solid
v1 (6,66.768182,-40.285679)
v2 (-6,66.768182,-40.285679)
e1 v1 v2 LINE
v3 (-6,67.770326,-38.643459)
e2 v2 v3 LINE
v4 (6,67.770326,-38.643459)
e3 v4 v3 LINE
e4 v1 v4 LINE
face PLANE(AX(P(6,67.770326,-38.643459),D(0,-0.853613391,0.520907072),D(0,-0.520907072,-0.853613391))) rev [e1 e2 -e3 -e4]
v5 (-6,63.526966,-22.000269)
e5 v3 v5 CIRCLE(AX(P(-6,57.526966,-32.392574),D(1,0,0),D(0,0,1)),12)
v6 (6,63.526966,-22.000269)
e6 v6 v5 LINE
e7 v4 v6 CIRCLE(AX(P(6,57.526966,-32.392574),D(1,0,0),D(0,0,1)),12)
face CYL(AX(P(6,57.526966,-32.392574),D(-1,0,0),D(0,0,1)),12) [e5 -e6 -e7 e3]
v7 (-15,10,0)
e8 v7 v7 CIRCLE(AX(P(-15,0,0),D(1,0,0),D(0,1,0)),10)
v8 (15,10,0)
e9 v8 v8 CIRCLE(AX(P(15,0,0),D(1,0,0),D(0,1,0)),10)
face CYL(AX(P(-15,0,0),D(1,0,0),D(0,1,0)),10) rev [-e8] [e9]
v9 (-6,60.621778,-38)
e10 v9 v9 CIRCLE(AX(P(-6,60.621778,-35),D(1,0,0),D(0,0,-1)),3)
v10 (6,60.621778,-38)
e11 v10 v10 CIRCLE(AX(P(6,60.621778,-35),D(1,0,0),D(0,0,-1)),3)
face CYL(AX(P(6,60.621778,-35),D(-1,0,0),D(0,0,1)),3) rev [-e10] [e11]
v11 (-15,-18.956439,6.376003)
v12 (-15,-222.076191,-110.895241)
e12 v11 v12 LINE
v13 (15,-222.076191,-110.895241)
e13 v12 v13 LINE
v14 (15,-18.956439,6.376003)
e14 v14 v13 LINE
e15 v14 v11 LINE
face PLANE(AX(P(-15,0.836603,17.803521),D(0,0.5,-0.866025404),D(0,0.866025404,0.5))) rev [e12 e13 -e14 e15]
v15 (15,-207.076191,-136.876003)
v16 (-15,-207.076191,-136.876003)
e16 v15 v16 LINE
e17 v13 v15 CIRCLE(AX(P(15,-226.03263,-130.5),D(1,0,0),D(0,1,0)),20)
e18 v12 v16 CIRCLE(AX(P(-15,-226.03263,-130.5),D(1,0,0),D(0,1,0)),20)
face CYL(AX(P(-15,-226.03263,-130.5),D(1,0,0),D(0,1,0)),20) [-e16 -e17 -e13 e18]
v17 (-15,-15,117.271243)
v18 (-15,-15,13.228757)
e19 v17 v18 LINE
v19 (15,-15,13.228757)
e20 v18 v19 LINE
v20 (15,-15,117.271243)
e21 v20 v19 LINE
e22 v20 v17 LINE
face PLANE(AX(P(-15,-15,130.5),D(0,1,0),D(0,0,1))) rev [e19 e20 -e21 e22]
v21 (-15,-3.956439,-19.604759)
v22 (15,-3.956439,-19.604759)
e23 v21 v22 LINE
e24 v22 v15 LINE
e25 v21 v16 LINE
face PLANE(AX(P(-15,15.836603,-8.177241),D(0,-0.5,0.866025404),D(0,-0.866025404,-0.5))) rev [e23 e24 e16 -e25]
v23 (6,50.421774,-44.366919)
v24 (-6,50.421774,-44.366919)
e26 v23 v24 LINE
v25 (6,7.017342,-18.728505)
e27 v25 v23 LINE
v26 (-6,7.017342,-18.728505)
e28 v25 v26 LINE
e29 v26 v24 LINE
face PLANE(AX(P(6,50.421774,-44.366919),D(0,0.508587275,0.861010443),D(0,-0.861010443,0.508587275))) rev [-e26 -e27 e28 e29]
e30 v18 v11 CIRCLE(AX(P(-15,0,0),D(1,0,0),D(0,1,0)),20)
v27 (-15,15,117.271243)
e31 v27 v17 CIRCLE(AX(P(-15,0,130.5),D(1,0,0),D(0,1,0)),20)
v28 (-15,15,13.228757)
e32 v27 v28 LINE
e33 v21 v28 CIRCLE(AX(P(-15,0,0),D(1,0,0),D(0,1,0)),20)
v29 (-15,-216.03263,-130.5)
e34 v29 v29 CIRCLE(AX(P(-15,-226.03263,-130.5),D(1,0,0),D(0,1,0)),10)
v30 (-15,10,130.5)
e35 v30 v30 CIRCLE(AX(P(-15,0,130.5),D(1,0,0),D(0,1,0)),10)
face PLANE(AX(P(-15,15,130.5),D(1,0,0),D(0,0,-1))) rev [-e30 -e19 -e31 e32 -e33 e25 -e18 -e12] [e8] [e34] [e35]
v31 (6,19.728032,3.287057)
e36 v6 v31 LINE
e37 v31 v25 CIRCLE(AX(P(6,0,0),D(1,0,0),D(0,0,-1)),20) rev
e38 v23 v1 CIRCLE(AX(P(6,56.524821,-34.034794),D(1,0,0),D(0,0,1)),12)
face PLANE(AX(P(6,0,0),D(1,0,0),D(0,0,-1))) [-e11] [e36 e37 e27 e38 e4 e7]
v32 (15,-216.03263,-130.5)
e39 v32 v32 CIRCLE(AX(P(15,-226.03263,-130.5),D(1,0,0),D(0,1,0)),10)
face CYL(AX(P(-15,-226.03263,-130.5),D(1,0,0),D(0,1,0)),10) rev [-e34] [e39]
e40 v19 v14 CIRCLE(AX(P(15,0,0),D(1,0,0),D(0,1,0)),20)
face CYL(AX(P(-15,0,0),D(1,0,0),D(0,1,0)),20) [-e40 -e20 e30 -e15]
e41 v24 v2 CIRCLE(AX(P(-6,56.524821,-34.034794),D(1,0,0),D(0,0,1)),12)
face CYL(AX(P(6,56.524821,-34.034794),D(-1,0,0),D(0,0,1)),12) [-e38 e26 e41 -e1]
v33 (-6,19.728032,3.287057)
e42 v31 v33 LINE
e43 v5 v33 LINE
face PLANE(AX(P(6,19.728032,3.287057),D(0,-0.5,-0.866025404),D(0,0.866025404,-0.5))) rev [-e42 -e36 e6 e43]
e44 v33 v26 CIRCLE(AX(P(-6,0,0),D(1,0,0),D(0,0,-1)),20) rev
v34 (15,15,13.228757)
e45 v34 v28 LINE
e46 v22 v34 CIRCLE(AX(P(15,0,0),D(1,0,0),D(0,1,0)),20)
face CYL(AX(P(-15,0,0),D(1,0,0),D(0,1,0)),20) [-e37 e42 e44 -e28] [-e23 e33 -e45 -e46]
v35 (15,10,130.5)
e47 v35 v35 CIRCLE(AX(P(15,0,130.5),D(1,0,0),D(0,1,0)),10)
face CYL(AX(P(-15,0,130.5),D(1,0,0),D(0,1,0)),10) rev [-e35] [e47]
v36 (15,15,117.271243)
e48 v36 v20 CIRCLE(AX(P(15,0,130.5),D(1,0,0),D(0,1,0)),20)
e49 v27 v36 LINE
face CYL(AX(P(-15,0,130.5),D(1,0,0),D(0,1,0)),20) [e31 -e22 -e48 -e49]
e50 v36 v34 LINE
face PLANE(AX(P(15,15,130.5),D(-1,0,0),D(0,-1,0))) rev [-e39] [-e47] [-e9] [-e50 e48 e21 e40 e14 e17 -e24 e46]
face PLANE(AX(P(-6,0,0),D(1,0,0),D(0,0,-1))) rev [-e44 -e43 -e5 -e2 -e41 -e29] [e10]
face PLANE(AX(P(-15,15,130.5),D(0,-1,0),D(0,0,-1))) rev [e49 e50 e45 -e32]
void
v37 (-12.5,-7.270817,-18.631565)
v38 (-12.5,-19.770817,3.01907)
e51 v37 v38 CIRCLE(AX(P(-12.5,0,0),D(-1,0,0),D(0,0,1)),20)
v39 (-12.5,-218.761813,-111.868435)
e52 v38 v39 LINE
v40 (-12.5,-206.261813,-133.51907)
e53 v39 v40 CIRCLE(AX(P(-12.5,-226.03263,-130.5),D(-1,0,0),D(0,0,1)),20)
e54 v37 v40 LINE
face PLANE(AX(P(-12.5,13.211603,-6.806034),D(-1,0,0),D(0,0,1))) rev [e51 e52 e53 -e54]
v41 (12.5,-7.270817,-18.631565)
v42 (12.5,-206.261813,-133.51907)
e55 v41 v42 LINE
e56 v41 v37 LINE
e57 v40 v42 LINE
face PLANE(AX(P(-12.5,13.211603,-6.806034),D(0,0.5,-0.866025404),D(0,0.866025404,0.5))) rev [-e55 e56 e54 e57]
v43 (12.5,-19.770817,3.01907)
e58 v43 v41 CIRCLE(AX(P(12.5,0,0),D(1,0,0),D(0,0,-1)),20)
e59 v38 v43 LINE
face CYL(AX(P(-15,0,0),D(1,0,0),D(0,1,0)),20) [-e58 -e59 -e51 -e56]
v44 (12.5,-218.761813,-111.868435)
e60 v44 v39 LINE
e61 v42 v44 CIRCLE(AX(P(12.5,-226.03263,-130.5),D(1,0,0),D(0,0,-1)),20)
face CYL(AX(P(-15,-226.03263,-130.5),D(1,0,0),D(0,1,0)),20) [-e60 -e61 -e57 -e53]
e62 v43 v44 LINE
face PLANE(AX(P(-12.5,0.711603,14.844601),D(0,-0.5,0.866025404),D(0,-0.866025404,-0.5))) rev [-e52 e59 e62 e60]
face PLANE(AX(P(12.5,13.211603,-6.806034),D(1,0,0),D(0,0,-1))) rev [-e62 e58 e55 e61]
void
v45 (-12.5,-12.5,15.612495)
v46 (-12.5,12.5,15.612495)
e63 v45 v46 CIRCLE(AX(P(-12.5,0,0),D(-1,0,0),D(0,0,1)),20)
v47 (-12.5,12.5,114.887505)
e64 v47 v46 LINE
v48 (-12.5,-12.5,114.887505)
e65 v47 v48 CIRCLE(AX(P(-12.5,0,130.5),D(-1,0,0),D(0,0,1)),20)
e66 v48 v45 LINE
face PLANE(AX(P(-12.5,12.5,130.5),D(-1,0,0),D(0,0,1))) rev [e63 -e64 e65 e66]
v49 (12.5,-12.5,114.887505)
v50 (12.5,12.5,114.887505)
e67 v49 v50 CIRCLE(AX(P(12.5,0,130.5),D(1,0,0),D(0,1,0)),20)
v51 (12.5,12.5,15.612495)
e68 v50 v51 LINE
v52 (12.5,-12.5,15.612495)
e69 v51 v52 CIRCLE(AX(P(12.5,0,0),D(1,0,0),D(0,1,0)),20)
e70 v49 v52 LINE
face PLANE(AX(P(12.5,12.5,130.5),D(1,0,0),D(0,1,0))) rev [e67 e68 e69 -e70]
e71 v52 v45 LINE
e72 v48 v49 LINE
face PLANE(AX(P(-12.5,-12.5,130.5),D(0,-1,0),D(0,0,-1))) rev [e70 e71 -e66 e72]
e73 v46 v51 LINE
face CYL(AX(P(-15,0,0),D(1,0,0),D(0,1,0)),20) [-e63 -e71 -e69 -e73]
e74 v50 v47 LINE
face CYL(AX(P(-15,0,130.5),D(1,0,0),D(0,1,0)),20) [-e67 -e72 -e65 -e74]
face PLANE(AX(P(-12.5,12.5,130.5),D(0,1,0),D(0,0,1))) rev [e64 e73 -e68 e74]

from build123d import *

# Parameters (mm, degrees)
SKETCH7_W           = 30
SKETCH7_H           = 30
SKETCH7_W_2         = 25
SKETCH7_H_2         = 25
SKETCH8_R           = 20
BOSS_EXTRUDE1_DEPTH = 30
SKETCH9_R           = 10
CUT_EXTRUDE1_DEPTH  = 30
SKETCH13_R          = 3
BOSS_EXTRUDE2_DEPTH = 6


with BuildPart() as part:
    # Sweep4: sweep along a path in Sketch2
    with BuildLine(Plane(origin=(0, 0, 0), x_dir=(0, 0, -1), z_dir=(1, 0, 0))) as sweep4_path:
        Line((-130.5, 0), (0, 0))
        Line((0, 0), (130.5, -226.032630388))
    # Sketch7 → Sweep4 (sweep)
    with BuildSketch(Plane.XY.offset(130.5)):
        Rectangle(SKETCH7_W, SKETCH7_H)
        Rectangle(SKETCH7_W_2, SKETCH7_H_2, mode=Mode.SUBTRACT)
    sweep(path=sweep4_path.line, transition=Transition.RIGHT)

    # Sketch8 → Boss-Extrude1 (add)
    with BuildSketch(Plane(origin=(15, 0, 0), x_dir=(0, 0, -1), z_dir=(1, 0, 0))):
        Circle(SKETCH8_R)
        with Locations((-130.5, 0)):
            Circle(SKETCH8_R)
        with Locations((130.5, -226.032630388)):
            Circle(SKETCH8_R)
    extrude(amount=-BOSS_EXTRUDE1_DEPTH)

    # Sketch9 → Cut-Extrude1 (cut)
    with BuildSketch(Plane(origin=(15, 0, 0), x_dir=(0, 0, -1), z_dir=(1, 0, 0))):
        with Locations(Location((0, 0, 0), (0, 0, 90))):
            Circle(SKETCH9_R)
        with Locations(Location((-130.5, 0, 0), (0, 0, 90))):
            Circle(SKETCH9_R)
        with Locations(Location((130.5, -226.032630388, 0), (0, 0, 90))):
            Circle(SKETCH9_R)
    extrude(amount=-CUT_EXTRUDE1_DEPTH, mode=Mode.SUBTRACT)

    # Sketch13 → Boss-Extrude2 (add, symmetric)
    with BuildSketch(Plane(origin=(0, 0, 0), x_dir=(0, 0, -1), z_dir=(1, 0, 0))):
        with BuildLine():
            Line((19.604759334, -3.956439237), (9.859578521, 1.669943529))
            ThreePointArc((9.859578521, 1.669943529), (5, 8.660254038), (-3.483575742, 9.373617234))
            Line((-3.483575742, 9.373617234), (-13.228756555, 15))
            ThreePointArc((-13.228756555, 15), (-8.58962126, 18.061517284), (-3.287056594, 19.728032313))
            Line((-3.287056594, 19.728032313), (22.000269373, 63.526965676))
            ThreePointArc((22.000269373, 63.526965676), (29.427887497, 69.154976368), (38.643459087, 67.770326373))
            Line((38.643459087, 67.770326373), (40.285678743, 66.768182028))
            ThreePointArc((40.285678743, 66.768182028), (45.677401844, 59.431654602), (44.366919196, 50.421774031))
            Line((44.366919196, 50.421774031), (18.728505447, 7.017341642))
            ThreePointArc((18.728505447, 7.017341642), (19.936543429, 1.591928422), (19.604759334, -3.956439237))
        make_face()
        with Locations((35, 60.621778265)):
            Circle(SKETCH13_R, mode=Mode.SUBTRACT)
    extrude(amount=BOSS_EXTRUDE2_DEPTH, both=True)


solid = part.part
